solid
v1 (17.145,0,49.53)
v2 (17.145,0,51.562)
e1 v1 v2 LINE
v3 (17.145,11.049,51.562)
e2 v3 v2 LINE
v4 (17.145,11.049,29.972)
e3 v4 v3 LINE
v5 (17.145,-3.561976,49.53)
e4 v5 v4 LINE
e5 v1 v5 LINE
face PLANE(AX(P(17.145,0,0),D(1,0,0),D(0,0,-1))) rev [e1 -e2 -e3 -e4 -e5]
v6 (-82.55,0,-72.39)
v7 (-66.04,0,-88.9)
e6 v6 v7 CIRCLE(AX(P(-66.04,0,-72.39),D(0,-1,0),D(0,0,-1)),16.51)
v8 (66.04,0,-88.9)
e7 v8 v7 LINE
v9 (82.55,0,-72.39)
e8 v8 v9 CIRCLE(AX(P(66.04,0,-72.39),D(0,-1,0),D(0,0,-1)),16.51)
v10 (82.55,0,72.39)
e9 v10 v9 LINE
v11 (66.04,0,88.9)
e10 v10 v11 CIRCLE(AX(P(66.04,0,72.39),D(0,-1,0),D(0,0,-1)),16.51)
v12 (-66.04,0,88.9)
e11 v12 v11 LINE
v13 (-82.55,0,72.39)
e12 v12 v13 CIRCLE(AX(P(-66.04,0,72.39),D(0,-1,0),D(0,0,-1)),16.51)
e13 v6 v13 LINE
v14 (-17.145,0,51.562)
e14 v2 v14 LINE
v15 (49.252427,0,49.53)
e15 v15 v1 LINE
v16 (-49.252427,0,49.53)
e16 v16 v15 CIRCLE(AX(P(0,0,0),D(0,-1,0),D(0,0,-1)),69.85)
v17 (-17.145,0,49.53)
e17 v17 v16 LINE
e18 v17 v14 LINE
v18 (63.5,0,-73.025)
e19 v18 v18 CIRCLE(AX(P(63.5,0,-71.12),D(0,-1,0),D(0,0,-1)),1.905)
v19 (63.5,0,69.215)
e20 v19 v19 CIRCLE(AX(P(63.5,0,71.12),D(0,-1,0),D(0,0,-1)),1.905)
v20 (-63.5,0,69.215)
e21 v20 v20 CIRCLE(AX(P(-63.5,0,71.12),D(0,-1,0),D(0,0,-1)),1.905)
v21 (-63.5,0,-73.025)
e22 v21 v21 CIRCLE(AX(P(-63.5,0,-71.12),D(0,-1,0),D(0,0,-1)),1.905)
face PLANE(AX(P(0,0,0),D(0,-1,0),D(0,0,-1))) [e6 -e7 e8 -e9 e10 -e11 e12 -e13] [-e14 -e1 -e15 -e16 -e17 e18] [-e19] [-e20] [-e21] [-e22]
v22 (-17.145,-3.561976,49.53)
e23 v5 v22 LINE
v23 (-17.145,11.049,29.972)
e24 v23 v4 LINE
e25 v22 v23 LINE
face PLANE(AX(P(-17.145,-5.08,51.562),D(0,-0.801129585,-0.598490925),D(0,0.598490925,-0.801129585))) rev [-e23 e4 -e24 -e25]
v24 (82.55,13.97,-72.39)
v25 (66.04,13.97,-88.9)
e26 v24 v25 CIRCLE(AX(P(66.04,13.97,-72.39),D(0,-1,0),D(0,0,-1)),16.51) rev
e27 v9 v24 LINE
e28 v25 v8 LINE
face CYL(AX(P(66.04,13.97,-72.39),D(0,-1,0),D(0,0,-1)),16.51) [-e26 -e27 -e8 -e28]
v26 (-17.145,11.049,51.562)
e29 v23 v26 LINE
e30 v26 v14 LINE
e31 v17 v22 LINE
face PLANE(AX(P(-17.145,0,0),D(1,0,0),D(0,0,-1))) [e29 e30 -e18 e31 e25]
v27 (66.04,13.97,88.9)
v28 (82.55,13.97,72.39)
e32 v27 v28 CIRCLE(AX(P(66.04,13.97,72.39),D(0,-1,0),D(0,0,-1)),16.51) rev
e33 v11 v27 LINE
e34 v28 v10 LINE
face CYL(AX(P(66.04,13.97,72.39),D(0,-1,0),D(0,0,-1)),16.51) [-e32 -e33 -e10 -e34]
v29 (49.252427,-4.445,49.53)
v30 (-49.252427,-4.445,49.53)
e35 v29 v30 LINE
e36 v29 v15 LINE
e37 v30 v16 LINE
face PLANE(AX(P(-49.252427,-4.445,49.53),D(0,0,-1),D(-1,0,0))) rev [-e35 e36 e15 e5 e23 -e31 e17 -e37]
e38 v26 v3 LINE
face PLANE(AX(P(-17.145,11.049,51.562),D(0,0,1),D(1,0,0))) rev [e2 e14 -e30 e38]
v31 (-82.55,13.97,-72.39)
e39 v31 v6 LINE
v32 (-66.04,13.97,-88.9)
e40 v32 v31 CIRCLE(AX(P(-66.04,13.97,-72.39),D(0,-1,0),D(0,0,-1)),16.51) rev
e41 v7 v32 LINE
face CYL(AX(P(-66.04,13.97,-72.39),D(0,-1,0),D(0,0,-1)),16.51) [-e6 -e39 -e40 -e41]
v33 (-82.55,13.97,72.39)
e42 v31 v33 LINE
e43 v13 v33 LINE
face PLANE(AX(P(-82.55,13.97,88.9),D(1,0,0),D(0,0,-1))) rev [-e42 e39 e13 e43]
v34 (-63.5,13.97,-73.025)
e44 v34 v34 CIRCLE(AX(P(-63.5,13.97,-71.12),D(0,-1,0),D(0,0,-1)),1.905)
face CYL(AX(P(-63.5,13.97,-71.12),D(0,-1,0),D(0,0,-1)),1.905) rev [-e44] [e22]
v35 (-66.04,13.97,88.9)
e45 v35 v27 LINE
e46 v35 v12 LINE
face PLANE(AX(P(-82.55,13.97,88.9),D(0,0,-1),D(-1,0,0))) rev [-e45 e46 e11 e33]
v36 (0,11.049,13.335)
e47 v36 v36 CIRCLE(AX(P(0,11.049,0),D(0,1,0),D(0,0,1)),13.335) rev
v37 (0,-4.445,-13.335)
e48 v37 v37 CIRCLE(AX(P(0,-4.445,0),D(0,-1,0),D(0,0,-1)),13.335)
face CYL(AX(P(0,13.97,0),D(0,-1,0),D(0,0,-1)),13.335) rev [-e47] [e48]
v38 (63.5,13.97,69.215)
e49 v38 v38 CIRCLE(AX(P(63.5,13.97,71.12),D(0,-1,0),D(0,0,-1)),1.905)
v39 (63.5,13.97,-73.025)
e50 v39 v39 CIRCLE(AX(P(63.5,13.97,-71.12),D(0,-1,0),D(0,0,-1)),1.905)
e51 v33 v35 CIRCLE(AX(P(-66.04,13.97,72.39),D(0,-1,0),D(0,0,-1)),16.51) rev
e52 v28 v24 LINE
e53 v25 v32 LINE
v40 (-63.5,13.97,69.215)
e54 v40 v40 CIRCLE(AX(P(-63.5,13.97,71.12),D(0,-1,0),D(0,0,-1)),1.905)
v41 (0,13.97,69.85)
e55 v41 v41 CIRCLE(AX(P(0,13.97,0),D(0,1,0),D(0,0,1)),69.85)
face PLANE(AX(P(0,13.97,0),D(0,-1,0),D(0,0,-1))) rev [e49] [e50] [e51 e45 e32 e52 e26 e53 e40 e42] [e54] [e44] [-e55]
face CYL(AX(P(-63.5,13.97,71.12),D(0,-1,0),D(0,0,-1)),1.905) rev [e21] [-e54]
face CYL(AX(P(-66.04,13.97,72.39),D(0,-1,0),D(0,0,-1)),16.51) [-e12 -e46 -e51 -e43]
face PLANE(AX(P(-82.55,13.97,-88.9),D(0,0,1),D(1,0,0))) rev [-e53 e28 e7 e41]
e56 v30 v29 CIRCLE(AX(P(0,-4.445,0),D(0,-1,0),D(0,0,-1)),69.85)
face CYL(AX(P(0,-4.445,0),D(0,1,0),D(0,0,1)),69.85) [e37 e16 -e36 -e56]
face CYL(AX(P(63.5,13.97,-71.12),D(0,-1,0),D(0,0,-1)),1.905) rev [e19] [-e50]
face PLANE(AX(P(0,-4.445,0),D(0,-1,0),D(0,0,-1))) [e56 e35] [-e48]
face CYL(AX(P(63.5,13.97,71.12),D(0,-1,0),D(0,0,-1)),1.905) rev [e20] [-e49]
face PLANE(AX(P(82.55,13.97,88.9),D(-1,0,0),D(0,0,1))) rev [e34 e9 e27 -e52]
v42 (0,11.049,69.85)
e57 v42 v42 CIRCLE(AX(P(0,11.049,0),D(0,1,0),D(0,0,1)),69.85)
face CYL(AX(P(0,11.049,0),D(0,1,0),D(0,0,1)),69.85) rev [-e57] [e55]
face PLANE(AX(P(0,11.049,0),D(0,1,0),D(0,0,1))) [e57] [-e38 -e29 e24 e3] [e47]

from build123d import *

# Parameters (mm, degrees)
SKETCH2_W               = 165.1
SKETCH2_H               = 177.8
BOSS_EXTRUDE1_DEPTH     = 13.97
FILLET1_R               = 16.51
SKETCH3_R               = 1.905
CUT_EXTRUDE1_DEPTH      = 123.118276273
BOSS_EXTRUDE2_DEPTH     = 4.445
CUT_EXTRUDE3_DEPTH      = 123.118276273
CUT_EXTRUDE3_DEPTH_BACK = 123.118276273
SKETCH4_R               = 13.335
SKETCH9_R               = 69.85
CUT_EXTRUDE4_DEPTH      = 2.921
CUT_EXTRUDE5_DEPTH      = 17.145


with BuildPart() as part:
    # Sketch2 → Boss-Extrude1 (new body)
    with BuildSketch(Plane(origin=(0, 0, 0), x_dir=(1, 0, 0), z_dir=(0, 1, 0))):
        Rectangle(SKETCH2_W, SKETCH2_H)
    extrude(amount=BOSS_EXTRUDE1_DEPTH)

    # Fillet1
    fillet1_edges = [part.edges().sort_by_distance(p)[0] for p in [
        (82.55, 6.985, 88.9),
        (-82.55, 6.985, 88.9),
        (-82.55, 6.985, -88.9),
        (82.55, 6.985, -88.9),
    ]]
    fillet(fillet1_edges, radius=FILLET1_R)

    # Sketch3 → Cut-Extrude1 (cut, through all)
    with BuildSketch(Plane.XZ):
        with Locations(Location((-63.5, 71.12, 0), (0, 0, 270))):
            Circle(SKETCH3_R)
        with Locations(Location((63.5, 71.12, 0), (0, 0, 270))):
            Circle(SKETCH3_R)
        with Locations(Location((-63.5, -71.12, 0), (0, 0, 270))):
            Circle(SKETCH3_R)
        with Locations(Location((63.5, -71.12, 0), (0, 0, 270))):
            Circle(SKETCH3_R)
    extrude(amount=-CUT_EXTRUDE1_DEPTH, mode=Mode.SUBTRACT)

    # Sketch5 → Boss-Extrude2 (add)
    with BuildSketch(Plane.XZ):
        with BuildLine():
            Line((-49.252427351, 49.53), (49.252427351, 49.53))
            ThreePointArc((49.252427351, 49.53), (0, -69.85), (-49.252427351, 49.53))
        make_face()
    extrude(amount=BOSS_EXTRUDE2_DEPTH)

    # Sketch4 → Cut-Extrude3 (cut, two sides: drawn at the far end of the back side and taken through both)
    with BuildSketch(Plane.XZ.offset(-CUT_EXTRUDE3_DEPTH_BACK)):
        with Locations(Location((0, 0, 0), (0, 0, 270))):
            Circle(SKETCH4_R)
    extrude(amount=CUT_EXTRUDE3_DEPTH + CUT_EXTRUDE3_DEPTH_BACK, mode=Mode.SUBTRACT)

    # Sketch9 → Cut-Extrude4 (cut)
    with BuildSketch(Plane(origin=(0, 13.97, 0), x_dir=(1, 0, 0), z_dir=(0, 1, 0))):
        with Locations(Location((0, 0, 0), (0, 0, 270))):
            Circle(SKETCH9_R)
    extrude(amount=-CUT_EXTRUDE4_DEPTH, mode=Mode.SUBTRACT)

    # Sketch15 → Cut-Extrude5 (cut, symmetric)
    with BuildSketch(Plane(origin=(0, 0, 0), x_dir=(0, 0, -1), z_dir=(1, 0, 0))):
        Polygon((-51.562, 11.049), (-51.562, -5.08), (-29.972, 11.049), align=None)
    extrude(amount=CUT_EXTRUDE5_DEPTH, both=True, mode=Mode.SUBTRACT)


solid = part.part
